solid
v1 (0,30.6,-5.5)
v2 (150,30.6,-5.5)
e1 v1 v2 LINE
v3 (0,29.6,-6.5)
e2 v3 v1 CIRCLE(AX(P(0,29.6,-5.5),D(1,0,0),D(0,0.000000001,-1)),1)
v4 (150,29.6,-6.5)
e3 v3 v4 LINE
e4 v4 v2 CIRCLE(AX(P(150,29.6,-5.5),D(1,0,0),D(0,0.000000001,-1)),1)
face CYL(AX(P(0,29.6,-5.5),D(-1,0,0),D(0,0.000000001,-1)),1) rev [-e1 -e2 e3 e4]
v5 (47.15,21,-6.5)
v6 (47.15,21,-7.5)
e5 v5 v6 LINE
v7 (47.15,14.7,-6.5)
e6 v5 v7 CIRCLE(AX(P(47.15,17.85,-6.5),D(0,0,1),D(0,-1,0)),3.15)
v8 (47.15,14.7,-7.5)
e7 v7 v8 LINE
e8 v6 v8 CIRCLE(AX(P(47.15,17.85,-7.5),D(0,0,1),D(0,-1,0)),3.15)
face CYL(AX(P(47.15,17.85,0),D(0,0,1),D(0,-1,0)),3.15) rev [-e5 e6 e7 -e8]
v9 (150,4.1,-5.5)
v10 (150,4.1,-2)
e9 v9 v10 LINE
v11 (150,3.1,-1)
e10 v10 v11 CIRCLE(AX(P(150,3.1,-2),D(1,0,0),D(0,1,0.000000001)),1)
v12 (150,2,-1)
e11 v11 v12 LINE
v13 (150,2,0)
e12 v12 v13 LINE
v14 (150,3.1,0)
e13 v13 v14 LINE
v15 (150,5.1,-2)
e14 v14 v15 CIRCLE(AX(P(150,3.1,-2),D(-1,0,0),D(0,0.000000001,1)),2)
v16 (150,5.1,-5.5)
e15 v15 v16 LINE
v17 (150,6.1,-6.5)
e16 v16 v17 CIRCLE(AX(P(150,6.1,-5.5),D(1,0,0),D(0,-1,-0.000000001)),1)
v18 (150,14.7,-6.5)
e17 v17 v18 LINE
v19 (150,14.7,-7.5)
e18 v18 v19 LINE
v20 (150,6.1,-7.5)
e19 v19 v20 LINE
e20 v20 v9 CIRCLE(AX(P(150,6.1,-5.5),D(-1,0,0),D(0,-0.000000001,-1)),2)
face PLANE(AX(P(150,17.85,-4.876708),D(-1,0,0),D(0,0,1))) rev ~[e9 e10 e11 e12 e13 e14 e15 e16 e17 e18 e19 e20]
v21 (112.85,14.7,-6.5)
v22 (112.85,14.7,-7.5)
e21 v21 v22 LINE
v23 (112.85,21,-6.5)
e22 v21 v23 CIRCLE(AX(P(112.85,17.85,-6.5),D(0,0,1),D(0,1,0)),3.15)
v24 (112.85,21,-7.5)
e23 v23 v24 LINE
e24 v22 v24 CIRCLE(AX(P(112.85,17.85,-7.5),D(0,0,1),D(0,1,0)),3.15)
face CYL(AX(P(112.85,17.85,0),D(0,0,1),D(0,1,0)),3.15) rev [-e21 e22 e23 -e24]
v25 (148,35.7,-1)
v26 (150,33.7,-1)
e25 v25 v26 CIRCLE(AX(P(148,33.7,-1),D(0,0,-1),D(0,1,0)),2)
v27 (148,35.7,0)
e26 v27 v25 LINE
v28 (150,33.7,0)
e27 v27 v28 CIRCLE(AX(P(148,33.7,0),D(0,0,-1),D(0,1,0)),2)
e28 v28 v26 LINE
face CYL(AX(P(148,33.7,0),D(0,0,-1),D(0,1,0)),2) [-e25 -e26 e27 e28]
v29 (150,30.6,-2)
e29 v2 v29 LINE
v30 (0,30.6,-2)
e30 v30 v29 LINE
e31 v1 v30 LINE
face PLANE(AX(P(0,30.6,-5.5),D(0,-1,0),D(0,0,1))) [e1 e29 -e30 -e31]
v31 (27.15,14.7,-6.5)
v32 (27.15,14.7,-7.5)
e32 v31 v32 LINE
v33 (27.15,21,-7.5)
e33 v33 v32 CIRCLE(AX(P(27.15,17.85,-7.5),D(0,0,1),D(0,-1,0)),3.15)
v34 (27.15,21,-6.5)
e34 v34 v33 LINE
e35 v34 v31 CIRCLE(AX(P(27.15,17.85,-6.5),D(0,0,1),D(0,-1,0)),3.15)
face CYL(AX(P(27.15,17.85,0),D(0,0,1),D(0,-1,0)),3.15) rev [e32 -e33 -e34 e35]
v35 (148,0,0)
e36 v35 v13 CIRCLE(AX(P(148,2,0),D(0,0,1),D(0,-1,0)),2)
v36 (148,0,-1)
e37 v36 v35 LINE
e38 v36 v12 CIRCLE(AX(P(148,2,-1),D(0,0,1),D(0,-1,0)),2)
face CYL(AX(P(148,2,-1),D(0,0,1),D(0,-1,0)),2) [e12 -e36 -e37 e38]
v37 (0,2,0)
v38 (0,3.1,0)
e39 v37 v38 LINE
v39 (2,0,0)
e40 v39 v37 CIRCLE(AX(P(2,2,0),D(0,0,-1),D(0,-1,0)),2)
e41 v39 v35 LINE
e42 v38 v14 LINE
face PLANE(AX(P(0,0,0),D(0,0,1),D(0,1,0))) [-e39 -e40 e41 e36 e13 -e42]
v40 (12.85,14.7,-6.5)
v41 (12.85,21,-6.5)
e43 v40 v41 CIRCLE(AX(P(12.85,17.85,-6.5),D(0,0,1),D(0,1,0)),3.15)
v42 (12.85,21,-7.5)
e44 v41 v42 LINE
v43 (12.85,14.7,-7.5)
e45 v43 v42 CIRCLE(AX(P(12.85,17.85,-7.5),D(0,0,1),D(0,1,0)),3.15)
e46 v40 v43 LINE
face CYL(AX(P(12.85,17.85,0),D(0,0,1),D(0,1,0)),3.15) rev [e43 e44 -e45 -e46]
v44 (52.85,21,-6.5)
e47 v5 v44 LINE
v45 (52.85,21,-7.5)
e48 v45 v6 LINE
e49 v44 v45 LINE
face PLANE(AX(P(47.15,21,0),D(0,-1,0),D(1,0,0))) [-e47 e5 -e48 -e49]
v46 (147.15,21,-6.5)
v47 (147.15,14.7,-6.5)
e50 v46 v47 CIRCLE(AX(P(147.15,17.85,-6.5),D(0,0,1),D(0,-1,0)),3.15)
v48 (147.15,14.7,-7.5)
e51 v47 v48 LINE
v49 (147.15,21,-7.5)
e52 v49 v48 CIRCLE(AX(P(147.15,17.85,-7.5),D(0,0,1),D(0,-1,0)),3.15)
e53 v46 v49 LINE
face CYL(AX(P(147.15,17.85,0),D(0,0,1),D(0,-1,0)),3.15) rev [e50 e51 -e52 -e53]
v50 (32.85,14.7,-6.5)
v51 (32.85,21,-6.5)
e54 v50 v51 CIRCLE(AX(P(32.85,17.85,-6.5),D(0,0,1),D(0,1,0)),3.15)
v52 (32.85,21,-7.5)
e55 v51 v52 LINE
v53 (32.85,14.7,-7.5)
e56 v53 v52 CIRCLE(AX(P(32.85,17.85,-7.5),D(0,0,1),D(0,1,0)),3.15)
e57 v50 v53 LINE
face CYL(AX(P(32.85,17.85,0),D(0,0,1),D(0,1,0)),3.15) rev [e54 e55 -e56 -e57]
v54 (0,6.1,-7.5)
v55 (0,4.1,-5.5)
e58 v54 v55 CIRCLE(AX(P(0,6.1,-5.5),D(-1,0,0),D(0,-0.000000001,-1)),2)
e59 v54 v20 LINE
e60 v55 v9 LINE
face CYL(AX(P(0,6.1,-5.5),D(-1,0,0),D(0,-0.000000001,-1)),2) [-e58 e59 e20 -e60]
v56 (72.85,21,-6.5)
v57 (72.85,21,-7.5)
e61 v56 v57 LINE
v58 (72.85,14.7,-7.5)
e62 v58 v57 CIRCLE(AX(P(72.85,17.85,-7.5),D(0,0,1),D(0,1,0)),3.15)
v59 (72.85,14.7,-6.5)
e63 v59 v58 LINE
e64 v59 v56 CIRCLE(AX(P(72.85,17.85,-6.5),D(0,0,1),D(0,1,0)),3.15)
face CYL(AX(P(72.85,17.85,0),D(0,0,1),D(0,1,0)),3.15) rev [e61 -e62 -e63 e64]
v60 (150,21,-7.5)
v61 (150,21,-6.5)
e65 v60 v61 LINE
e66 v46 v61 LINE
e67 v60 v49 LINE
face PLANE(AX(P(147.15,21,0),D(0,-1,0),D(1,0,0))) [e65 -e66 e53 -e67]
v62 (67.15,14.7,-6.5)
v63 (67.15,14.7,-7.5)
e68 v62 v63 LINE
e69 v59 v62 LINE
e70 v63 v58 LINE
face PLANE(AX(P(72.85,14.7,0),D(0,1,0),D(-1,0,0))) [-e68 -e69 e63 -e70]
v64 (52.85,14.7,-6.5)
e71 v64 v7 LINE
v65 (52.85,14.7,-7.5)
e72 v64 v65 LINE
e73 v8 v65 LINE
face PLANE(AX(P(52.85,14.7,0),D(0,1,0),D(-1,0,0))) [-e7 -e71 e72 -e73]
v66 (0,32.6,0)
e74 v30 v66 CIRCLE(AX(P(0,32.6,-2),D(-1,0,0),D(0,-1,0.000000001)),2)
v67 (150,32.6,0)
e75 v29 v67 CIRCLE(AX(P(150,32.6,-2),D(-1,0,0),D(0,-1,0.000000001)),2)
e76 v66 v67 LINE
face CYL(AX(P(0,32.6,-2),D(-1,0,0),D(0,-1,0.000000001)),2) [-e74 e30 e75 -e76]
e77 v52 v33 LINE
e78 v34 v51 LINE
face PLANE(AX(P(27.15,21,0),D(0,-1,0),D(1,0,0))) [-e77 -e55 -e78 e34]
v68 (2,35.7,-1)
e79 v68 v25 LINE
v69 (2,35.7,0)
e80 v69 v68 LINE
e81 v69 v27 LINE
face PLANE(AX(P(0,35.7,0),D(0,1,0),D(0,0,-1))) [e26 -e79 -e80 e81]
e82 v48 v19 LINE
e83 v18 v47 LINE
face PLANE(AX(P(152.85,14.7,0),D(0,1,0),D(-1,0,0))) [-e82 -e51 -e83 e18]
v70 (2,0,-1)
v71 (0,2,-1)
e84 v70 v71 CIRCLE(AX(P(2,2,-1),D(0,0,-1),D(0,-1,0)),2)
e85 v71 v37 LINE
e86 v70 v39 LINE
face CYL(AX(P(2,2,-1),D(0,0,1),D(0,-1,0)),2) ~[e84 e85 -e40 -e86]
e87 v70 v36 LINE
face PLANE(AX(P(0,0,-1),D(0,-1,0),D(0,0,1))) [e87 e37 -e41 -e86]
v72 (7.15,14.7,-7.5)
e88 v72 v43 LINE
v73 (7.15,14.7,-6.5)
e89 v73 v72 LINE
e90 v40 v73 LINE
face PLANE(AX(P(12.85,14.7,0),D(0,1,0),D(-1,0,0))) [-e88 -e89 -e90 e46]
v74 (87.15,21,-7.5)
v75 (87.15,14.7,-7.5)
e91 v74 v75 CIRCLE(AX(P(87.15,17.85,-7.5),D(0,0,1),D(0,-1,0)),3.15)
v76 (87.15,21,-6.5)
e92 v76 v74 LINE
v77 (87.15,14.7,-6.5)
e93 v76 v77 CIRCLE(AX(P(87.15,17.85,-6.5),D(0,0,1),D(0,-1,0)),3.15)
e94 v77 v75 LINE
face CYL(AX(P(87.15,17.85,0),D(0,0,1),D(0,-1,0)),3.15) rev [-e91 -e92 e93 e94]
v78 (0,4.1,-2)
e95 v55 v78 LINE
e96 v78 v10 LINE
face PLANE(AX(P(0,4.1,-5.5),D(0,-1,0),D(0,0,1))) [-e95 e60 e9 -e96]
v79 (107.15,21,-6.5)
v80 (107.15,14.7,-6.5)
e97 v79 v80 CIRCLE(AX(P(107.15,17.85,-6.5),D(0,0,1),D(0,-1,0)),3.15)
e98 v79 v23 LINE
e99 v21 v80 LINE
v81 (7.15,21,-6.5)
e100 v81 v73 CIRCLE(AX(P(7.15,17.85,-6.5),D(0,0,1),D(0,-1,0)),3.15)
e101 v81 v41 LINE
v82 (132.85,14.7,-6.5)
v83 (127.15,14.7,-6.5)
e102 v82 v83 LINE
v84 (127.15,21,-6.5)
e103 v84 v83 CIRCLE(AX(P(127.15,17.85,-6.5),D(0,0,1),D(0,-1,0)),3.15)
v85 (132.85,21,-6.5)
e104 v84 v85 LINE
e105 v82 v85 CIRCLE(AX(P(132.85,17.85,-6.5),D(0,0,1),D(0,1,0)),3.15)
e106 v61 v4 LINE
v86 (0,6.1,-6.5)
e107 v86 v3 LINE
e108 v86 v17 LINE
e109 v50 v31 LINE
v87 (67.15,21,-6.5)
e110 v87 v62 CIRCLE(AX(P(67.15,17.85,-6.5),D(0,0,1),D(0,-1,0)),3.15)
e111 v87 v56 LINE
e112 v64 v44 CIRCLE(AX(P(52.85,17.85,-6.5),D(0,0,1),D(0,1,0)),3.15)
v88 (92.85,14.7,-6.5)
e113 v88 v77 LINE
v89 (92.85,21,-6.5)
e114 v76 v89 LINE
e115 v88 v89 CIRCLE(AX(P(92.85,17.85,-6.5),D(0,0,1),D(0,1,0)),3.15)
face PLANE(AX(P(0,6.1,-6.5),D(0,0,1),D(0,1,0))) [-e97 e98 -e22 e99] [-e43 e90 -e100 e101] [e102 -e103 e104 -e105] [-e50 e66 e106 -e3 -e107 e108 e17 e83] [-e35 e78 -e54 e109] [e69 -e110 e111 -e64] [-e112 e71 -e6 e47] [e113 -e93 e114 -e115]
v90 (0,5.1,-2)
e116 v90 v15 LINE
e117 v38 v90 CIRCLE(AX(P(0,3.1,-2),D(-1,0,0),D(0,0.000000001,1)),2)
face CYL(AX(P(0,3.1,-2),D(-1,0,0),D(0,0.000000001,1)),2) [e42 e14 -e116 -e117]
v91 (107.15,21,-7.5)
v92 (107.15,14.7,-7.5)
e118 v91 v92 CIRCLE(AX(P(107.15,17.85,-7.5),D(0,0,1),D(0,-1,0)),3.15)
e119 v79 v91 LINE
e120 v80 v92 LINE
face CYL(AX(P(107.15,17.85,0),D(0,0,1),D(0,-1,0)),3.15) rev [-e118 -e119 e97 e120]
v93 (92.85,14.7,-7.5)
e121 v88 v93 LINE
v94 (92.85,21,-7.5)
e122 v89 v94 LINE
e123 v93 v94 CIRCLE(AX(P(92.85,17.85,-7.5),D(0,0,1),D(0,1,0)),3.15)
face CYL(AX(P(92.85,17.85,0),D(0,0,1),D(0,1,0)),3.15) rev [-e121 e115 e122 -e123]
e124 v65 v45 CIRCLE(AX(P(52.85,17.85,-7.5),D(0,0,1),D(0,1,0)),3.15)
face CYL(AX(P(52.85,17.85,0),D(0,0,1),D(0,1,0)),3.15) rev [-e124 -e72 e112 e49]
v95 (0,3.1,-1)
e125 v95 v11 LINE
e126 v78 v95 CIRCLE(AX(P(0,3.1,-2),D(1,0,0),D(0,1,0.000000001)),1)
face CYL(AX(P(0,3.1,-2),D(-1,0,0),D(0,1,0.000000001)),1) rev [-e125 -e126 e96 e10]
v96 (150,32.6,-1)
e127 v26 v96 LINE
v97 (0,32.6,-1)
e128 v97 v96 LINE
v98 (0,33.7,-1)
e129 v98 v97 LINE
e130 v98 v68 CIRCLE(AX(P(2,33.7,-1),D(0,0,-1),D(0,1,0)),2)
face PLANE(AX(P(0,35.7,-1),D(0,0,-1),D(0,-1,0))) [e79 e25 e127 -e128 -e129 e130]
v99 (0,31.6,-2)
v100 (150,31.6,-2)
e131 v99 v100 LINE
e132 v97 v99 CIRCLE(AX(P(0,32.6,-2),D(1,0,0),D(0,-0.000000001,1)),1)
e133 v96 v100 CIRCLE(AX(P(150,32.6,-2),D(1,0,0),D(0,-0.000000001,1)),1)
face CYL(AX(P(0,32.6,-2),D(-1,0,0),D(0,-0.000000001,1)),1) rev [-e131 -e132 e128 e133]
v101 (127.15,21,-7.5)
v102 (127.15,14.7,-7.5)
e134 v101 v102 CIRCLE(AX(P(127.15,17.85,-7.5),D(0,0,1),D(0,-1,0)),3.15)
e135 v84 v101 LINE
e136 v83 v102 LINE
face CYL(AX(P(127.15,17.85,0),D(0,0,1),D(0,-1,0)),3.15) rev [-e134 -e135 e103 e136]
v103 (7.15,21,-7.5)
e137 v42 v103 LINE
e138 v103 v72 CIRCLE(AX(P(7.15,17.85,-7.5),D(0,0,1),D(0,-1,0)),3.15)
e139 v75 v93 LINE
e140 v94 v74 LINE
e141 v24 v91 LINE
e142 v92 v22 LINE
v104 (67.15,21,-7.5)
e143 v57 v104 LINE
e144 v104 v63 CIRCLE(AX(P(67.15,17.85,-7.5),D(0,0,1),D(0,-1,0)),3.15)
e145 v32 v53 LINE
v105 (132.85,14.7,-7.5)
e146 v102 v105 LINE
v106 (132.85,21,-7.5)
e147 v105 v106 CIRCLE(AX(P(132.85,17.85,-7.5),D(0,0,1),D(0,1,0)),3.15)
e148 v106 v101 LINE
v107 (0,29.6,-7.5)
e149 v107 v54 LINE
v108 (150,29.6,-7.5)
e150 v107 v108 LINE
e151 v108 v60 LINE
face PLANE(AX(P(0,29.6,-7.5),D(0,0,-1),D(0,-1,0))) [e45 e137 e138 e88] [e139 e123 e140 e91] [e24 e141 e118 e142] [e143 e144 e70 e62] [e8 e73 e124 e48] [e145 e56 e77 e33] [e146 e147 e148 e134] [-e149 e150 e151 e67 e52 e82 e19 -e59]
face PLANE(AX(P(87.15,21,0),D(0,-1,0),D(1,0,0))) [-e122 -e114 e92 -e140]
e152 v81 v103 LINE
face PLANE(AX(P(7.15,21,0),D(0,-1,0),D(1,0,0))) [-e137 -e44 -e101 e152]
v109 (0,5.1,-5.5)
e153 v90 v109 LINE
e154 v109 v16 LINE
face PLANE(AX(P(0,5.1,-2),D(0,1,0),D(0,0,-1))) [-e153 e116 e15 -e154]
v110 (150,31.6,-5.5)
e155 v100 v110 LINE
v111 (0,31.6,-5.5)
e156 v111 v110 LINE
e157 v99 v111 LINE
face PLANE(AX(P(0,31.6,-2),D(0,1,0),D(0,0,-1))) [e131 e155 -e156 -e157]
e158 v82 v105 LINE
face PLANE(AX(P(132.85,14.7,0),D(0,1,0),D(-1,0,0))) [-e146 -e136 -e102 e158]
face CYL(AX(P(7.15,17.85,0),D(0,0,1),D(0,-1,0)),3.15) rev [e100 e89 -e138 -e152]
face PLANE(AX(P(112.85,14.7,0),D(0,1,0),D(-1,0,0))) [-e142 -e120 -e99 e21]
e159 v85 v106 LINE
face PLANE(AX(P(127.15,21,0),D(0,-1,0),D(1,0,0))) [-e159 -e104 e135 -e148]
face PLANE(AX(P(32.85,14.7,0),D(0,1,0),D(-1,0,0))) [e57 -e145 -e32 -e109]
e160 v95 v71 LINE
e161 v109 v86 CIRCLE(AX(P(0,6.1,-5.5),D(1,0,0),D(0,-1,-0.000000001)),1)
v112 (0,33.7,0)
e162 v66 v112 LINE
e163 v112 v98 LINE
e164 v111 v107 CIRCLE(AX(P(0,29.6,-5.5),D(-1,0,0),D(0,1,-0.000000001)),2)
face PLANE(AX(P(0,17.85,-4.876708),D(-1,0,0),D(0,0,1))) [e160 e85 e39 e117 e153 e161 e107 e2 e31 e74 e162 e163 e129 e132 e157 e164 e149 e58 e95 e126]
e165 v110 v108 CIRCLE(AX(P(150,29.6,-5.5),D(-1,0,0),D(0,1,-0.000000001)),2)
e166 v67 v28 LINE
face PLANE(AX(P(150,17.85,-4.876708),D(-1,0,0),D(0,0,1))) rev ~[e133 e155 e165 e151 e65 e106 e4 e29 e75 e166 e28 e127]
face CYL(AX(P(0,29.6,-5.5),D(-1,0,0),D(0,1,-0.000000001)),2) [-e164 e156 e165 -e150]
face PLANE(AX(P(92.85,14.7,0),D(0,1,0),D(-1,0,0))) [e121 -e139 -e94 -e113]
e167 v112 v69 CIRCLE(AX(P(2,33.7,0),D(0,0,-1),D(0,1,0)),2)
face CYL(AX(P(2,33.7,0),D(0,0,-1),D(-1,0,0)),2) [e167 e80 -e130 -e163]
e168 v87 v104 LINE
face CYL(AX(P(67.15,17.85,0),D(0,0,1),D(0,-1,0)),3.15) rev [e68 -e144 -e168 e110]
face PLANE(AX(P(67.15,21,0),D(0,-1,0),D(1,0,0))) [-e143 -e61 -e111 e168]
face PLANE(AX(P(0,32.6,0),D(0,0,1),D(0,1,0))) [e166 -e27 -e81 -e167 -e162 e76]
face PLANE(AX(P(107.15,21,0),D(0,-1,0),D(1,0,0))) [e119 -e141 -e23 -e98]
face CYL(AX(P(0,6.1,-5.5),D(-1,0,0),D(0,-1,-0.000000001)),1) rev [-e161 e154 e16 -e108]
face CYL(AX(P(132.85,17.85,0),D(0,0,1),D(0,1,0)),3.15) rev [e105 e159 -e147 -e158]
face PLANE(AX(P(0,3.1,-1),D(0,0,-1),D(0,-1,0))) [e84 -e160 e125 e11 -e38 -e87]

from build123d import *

# Parameters (mm, degrees)
BOSS_EXTRUDE1_DEPTH = 150
CUT_EXTRUDE1_DEPTH  = 155.372082968
LPATTERN1_COUNT     = 8
LPATTERN1_PITCH     = 20
FILLET1_R           = 2


with BuildPart() as part:
    # Sketch1 → Boss-Extrude1 (new body)
    with BuildSketch(Plane(origin=(0, 0, 0), x_dir=(0, 0, -1), z_dir=(1, 0, 0))):
        with BuildLine():
            Line((0, 0), (0, 3.1))
            ThreePointArc((0, 3.1), (0.585786438, 4.514213562), (2, 5.1))
            Line((2, 5.1), (5.5, 5.1))
            ThreePointArc((5.5, 5.1), (6.207106781, 5.392893219), (6.5, 6.1))
            Line((6.5, 6.1), (6.5, 29.6))
            ThreePointArc((6.5, 29.6), (6.207106781, 30.307106781), (5.5, 30.6))
            Line((5.5, 30.6), (2, 30.6))
            ThreePointArc((2, 30.6), (0.585786438, 31.185786438), (0, 32.6))
            Line((0, 32.6), (0, 35.7))
            Line((0, 35.7), (1, 35.7))
            Line((1, 35.7), (1, 32.6))
            ThreePointArc((1, 32.6), (1.292893219, 31.892893219), (2, 31.6))
            Line((2, 31.6), (5.5, 31.6))
            ThreePointArc((5.5, 31.6), (6.914213562, 31.014213562), (7.5, 29.6))
            Line((7.5, 29.6), (7.5, 6.1))
            ThreePointArc((7.5, 6.1), (6.914213562, 4.685786438), (5.5, 4.1))
            Line((5.5, 4.1), (2, 4.1))
            ThreePointArc((2, 4.1), (1.292893219, 3.807106781), (1, 3.1))
            Line((1, 3.1), (1, 0))
            Line((1, 0), (0, 0))
        make_face()
    extrude(amount=BOSS_EXTRUDE1_DEPTH)

    # Sketch2 → Cut-Extrude1 (cut, through all)
    with BuildSketch(Plane.XY):
        with BuildLine():
            Line((7.15, 21), (12.85, 21))
            ThreePointArc((12.85, 21), (16, 17.85), (12.85, 14.7))
            Line((12.85, 14.7), (7.15, 14.7))
            ThreePointArc((7.15, 14.7), (4, 17.85), (7.15, 21))
        make_face()
    cut_extrude1 = extrude(amount=-CUT_EXTRUDE1_DEPTH, mode=Mode.SUBTRACT)

    # LPattern1: Cut-Extrude1 ×8
    with Locations(*[(i * LPATTERN1_PITCH, 0, 0) for i in range(1, LPATTERN1_COUNT)]):
        add(cut_extrude1, mode=Mode.SUBTRACT)

    # Fillet1
    fillet1_edges = [part.edges().sort_by_distance(p)[0] for p in [
        (0, 35.7, -0.5),
        (0, 0, -0.5),
        (150, 35.7, -0.5),
        (150, 0, -0.5),
    ]]
    fillet(fillet1_edges, radius=FILLET1_R)


solid = part.part
